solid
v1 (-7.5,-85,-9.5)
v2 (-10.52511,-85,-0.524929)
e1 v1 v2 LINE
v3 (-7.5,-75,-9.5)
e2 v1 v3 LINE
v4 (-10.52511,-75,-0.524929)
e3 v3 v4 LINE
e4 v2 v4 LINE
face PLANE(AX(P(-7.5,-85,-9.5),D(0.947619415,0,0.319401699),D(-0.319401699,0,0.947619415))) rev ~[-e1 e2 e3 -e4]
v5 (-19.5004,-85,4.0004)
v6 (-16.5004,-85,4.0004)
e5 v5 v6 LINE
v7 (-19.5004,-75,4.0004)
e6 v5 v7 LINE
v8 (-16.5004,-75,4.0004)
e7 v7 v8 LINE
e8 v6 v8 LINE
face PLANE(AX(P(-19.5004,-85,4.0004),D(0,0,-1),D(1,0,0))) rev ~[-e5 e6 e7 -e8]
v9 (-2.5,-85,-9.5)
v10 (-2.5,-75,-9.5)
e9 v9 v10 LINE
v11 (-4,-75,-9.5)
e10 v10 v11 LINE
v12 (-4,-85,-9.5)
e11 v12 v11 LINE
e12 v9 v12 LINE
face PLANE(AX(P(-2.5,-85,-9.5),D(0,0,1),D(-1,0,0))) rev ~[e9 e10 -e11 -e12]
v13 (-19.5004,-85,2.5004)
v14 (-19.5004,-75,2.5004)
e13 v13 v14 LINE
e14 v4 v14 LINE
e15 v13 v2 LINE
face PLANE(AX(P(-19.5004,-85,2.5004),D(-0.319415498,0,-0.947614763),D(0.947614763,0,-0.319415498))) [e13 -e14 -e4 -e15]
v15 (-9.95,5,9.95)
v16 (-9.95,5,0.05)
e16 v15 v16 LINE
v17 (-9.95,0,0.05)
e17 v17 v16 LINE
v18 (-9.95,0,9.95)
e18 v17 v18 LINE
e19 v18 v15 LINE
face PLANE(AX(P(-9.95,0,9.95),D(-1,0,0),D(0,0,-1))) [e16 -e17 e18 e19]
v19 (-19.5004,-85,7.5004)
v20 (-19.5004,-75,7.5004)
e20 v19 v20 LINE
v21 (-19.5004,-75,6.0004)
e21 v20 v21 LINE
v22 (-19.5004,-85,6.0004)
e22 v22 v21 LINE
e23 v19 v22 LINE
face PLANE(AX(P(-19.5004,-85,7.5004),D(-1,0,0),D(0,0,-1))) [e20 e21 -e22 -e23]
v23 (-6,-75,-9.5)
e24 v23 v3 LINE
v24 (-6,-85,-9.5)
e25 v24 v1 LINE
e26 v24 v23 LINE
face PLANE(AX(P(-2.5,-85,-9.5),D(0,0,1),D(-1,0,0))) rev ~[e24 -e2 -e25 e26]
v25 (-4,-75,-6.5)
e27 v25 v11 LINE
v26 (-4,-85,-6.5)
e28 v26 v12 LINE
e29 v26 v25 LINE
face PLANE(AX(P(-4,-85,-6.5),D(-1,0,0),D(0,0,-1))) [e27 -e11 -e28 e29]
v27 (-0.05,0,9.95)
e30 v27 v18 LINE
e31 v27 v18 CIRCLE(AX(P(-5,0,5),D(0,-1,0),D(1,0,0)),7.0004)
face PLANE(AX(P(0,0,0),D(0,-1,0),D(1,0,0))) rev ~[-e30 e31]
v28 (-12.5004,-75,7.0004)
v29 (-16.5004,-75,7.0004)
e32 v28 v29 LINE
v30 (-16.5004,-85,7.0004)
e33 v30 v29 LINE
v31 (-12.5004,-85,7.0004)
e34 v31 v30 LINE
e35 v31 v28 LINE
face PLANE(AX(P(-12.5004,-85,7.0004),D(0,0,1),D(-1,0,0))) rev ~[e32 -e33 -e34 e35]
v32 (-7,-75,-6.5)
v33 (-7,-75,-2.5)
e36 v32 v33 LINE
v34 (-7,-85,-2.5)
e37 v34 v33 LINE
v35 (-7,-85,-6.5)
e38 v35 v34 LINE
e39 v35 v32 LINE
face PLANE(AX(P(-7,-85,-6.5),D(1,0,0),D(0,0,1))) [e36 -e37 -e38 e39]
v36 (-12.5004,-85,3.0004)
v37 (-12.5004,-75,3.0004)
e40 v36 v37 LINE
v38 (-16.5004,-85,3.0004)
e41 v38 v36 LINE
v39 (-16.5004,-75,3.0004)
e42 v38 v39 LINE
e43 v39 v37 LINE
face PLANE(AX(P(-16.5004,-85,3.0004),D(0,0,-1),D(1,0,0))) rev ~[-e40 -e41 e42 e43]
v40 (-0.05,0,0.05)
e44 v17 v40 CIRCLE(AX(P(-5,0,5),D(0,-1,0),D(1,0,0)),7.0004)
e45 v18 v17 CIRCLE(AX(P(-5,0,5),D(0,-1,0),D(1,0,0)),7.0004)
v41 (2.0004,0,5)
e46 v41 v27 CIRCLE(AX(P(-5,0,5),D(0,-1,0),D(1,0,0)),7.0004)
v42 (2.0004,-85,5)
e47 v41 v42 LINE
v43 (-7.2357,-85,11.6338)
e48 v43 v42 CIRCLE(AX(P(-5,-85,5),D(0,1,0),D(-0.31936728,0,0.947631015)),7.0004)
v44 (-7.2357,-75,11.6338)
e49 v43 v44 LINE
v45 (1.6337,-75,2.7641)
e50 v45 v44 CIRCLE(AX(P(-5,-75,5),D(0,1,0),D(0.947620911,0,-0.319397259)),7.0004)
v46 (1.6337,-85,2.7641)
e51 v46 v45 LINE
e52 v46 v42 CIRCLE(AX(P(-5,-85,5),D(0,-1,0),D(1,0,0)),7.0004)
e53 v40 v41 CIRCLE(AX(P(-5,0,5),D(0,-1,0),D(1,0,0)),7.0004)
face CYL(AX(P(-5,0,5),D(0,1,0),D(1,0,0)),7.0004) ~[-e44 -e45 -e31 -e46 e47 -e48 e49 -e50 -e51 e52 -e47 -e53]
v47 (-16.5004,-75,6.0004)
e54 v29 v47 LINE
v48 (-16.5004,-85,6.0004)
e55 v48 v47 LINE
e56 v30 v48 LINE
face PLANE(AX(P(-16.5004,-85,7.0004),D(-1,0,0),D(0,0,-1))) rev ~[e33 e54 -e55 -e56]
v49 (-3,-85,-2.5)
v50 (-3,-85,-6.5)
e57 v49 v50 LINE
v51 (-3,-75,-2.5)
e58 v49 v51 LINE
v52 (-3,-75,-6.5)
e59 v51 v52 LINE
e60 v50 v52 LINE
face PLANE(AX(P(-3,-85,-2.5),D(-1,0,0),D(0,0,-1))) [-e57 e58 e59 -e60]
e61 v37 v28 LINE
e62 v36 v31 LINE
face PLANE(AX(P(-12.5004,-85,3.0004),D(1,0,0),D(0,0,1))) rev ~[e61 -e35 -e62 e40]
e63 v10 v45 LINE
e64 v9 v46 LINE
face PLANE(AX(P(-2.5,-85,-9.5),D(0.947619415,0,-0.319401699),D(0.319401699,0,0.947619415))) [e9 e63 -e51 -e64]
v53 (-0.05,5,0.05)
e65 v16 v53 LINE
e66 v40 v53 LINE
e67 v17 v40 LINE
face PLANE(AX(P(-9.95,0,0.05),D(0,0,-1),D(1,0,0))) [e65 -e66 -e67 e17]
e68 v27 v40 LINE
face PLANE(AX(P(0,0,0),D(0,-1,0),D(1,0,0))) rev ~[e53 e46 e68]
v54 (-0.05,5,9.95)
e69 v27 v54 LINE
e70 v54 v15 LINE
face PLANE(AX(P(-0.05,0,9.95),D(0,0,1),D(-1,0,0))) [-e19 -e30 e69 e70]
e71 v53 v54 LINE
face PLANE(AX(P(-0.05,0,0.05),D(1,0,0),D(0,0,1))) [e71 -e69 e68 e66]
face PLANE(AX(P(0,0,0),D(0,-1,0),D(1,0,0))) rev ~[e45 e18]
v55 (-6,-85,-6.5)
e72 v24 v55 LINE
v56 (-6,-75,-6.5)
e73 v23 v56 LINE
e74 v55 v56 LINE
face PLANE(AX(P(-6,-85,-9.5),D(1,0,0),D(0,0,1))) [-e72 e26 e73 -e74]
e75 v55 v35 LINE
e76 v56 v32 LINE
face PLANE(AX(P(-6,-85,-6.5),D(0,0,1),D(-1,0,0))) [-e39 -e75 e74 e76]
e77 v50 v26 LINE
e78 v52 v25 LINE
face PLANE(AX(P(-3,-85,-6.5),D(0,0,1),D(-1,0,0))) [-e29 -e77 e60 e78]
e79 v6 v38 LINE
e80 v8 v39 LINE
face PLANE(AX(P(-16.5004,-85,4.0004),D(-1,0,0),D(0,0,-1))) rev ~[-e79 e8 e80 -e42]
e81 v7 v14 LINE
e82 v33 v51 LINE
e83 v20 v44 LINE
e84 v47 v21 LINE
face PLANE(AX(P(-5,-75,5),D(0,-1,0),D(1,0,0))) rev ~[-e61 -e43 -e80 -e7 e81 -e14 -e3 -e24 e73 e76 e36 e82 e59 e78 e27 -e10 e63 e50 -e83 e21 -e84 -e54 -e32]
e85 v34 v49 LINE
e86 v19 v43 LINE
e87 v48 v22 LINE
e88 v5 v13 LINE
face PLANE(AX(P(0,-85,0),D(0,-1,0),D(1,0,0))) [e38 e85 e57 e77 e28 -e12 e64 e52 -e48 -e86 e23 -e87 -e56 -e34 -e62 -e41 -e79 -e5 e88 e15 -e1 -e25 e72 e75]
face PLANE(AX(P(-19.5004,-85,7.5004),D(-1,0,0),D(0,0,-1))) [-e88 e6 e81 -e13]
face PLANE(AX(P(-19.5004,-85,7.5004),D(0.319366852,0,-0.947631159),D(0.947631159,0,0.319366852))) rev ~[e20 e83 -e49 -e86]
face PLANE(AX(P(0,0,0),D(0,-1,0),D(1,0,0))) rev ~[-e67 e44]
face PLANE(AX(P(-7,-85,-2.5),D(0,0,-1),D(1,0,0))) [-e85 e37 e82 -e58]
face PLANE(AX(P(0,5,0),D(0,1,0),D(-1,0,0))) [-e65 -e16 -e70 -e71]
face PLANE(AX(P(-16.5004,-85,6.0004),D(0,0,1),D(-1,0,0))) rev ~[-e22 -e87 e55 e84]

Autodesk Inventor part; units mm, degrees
ref_plane "YZ Plane" through (0, 0, 0) normal (1, 0, 0) x (0, 1, 0)
ref_plane "XZ Plane" through (0, 0, 0) normal (0, 1, 0) x (-1, 0, 0)
ref_plane "XY Plane" through (0, 0, 0) normal (0, 0, 1) x (1, 0, 0)
sketch "Sketch1" plane through (0, 0, 0) normal (0, 1, 0) x (-1, 0, 0)
  line L0 (0, 0) -> (10, 0)
  line L1 (0, 10) -> (0, 0)
  line L2 (10, 10) -> (0, 10)
  line L3 (10, 0) -> (10, 10)
  line L4 (0, 10) -> (0.05, 10)
  line L5 (0.05, 10) -> (0.05, 9.95)
  line L6 (0.05, 9.95) -> (0, 9.95)
  line L7 (0, 9.95) -> (0, 10)
  line L8 (10, 0) -> (9.95, 0)
  line L9 (9.95, 0) -> (9.95, 0.05)
  line L10 (9.95, 0.05) -> (10, 0.05)
  line L11 (10, 0.05) -> (10, 0)
  line L12 (0.05, 9.95) -> (9.95, 9.95)
  line L13 (9.95, 9.95) -> (9.95, 0.05)
  line L14 (9.95, 0.05) -> (0.05, 0.05)
  line L15 (0.05, 0.05) -> (0.05, 9.95)
  point P0 (0, 0)
  dimension "d0" = 0.05
  dimension "d1" = 0.05
  dimension "d2" = 0.05
  dimension "d3" = 0.05
extrude "Extrusion1" add sketch "Sketch1" along normal blind 5 contours L14 L15 L12 L13
sketch "Sketch2" plane through (0, 0, 0) normal (0, -1, 0) x (1, 0, 0)
  line L0 (-0.05, 0.05) -> (-9.95, 0.05)
  line L1 (-0.05, 9.95) -> (-0.05, 0.05)
  line L2 (-9.95, 9.95) -> (-0.05, 9.95)
  line L3 (-9.95, 0.05) -> (-9.95, 9.95)
  line L4 (-0.05, 5) -> (-9.95, 5)
  circle A0 centre (-5, 5) radius 7.0004
  point P0 (0, 0)
extrude "Extrusion2" add sketch "Sketch2" along normal blind 85
sketch "Sketch4" plane through (-5, -85, 5) normal (0, -1, 0) x (1, 0, 0)
  circle A0 centre (0, 0) radius 7.0004
  circle A1 centre (0, 0) radius 7.0004 projected
  line L0 (0, -7.0004) -> (0, -12)
  line L1 (-2.5, -9.5) -> (2.5, -9.5)
  line L2 (2.5, -9.5) -> (2.5, -14.5)
  line L3 (2.5, -14.5) -> (-2.5, -14.5)
  line L4 (-2.5, -14.5) -> (-2.5, -9.5)
  line L5 (-2.5, -9.5) -> (2.5, -14.5) construction
  line L6 (2.5, -9.5) -> (-2.5, -14.5) construction
  line L7 (-7.0004, 0.0004) -> (-12.0004, 0.0004)
  line L8 (-9.5004, 2.5004) -> (-14.5004, 2.5004)
  line L9 (-14.5004, 2.5004) -> (-14.5004, -2.4996)
  line L10 (-14.5004, -2.4996) -> (-9.5004, -2.4996)
  line L11 (-9.5004, -2.4996) -> (-9.5004, 2.5004)
  line L12 (-9.5004, 2.5004) -> (-14.5004, -2.4996) construction
  line L13 (-14.5004, 2.5004) -> (-9.5004, -2.4996) construction
  line L14 (-9.5004, -2.4996) -> (-9.5004, -4.9996)
  line L15 (-14.5004, 2.5004) -> (-2.2357, 6.6338)
  line L16 (-14.5004, -2.4996) -> (-2.236, -6.6336)
  line L17 (-2.5, -14.5) -> (-6.6337, -2.2359)
  line L18 (2.5, -14.5) -> (6.6337, -2.2359)
  point P0 (5, -5)
  point P1 (-12.0004, 0.0004)
  point P2 (6.6337, -2.2359)
  point P3 (-2.2357, 6.6338)
  point P4 (-5.5251, -5.525)
  dimension "d16" = 5
  dimension "d17" = 5
  dimension "d18" = 5
  dimension "d19" = 5
  dimension "d20" = 5
  dimension "d21" = 2.5
extrude "Extrusion4" add sketch "Sketch4" against normal blind 10 contours A0 L7 L11 L8 L15 | L18 L2 L1 L0 A0 | A0 L17 L16 L14 L11 L7 | L8 L11 L10 L9 | L0 L1 L4 L17 L16 A0 | L3 L4 L1 L2 | A0 L16 L17 | L10 L14 L16
sketch "Sketch6" plane through (0, -85, 0) normal (0, -1, 0) x (1, 0, 0)
  arc A0 (1.6337, 2.7641) -> (-7.2357, 11.6338) centre (-5, 5) ccw
  line L0 (-7.2357, 11.6338) -> (-19.5004, 7.5004)
  line L1 (-19.5004, 7.5004) -> (-19.5004, 2.5004)
  line L2 (-19.5004, 2.5004) -> (-10.5251, -0.525)
  line L3 (-10.5251, -0.525) -> (-7.5, -9.5)
  line L4 (-7.5, -9.5) -> (-2.5, -9.5)
  line L5 (-2.5, -9.5) -> (1.6337, 2.7641)
  line L6 (-3, -6.5) -> (-7, -6.5)
  line L7 (-7, -6.5) -> (-7, -2.5)
  line L8 (-7, -2.5) -> (-3, -2.5)
  line L9 (-3, -2.5) -> (-3, -6.5)
  line L10 (-3, -6.5) -> (-7, -2.5) construction
  line L11 (-7, -6.5) -> (-3, -2.5) construction
  line L12 (-4, -9.5) -> (-6, -9.5)
  line L13 (-6, -9.5) -> (-6, -6.5)
  line L14 (-6, -6.5) -> (-4, -6.5)
  line L15 (-4, -6.5) -> (-4, -9.5)
  line L16 (-4, -9.5) -> (-6, -6.5) construction
  line L17 (-6, -9.5) -> (-4, -6.5) construction
  line L18 (-10.5251, -0.525) -> (-0.05, 9.95)
  line L19 (-10.5251, -0.525) -> (4.2889, -0.525) construction
  line L20 (-16.5004, 6.0004) -> (-19.5004, 6.0004)
  line L21 (-19.5004, 6.0004) -> (-19.5004, 4.0004)
  line L22 (-19.5004, 4.0004) -> (-16.5004, 4.0004)
  line L23 (-16.5004, 4.0004) -> (-16.5004, 6.0004)
  line L24 (-16.5004, 6.0004) -> (-19.5004, 4.0004) construction
  line L25 (-19.5004, 6.0004) -> (-16.5004, 4.0004) construction
  line L26 (-12.5004, 7.0004) -> (-16.5004, 7.0004)
  line L27 (-16.5004, 7.0004) -> (-16.5004, 3.0004)
  line L28 (-16.5004, 3.0004) -> (-12.5004, 3.0004)
  line L29 (-12.5004, 3.0004) -> (-12.5004, 7.0004)
  line L30 (-12.5004, 7.0004) -> (-16.5004, 3.0004) construction
  line L31 (-16.5004, 7.0004) -> (-12.5004, 3.0004) construction
  point P0 (0, 0)
  point P1 (-5, -8)
  dimension "d27" = 4
  dimension "d28" = 4
  dimension "d29" = 45
  dimension "d31" = 3
  dimension "d32" = 2
  dimension "d34" = 4
  dimension "d35" = 4
extrude "Extrusion6" cut sketch "Sketch6" against normal blind 85 contours L4 L13 L6 L15 | L6 L7 L8 L9 | L20 L23 L22 L1 | L27 L26 L29 L28 L23
properties part number "LegV2"
